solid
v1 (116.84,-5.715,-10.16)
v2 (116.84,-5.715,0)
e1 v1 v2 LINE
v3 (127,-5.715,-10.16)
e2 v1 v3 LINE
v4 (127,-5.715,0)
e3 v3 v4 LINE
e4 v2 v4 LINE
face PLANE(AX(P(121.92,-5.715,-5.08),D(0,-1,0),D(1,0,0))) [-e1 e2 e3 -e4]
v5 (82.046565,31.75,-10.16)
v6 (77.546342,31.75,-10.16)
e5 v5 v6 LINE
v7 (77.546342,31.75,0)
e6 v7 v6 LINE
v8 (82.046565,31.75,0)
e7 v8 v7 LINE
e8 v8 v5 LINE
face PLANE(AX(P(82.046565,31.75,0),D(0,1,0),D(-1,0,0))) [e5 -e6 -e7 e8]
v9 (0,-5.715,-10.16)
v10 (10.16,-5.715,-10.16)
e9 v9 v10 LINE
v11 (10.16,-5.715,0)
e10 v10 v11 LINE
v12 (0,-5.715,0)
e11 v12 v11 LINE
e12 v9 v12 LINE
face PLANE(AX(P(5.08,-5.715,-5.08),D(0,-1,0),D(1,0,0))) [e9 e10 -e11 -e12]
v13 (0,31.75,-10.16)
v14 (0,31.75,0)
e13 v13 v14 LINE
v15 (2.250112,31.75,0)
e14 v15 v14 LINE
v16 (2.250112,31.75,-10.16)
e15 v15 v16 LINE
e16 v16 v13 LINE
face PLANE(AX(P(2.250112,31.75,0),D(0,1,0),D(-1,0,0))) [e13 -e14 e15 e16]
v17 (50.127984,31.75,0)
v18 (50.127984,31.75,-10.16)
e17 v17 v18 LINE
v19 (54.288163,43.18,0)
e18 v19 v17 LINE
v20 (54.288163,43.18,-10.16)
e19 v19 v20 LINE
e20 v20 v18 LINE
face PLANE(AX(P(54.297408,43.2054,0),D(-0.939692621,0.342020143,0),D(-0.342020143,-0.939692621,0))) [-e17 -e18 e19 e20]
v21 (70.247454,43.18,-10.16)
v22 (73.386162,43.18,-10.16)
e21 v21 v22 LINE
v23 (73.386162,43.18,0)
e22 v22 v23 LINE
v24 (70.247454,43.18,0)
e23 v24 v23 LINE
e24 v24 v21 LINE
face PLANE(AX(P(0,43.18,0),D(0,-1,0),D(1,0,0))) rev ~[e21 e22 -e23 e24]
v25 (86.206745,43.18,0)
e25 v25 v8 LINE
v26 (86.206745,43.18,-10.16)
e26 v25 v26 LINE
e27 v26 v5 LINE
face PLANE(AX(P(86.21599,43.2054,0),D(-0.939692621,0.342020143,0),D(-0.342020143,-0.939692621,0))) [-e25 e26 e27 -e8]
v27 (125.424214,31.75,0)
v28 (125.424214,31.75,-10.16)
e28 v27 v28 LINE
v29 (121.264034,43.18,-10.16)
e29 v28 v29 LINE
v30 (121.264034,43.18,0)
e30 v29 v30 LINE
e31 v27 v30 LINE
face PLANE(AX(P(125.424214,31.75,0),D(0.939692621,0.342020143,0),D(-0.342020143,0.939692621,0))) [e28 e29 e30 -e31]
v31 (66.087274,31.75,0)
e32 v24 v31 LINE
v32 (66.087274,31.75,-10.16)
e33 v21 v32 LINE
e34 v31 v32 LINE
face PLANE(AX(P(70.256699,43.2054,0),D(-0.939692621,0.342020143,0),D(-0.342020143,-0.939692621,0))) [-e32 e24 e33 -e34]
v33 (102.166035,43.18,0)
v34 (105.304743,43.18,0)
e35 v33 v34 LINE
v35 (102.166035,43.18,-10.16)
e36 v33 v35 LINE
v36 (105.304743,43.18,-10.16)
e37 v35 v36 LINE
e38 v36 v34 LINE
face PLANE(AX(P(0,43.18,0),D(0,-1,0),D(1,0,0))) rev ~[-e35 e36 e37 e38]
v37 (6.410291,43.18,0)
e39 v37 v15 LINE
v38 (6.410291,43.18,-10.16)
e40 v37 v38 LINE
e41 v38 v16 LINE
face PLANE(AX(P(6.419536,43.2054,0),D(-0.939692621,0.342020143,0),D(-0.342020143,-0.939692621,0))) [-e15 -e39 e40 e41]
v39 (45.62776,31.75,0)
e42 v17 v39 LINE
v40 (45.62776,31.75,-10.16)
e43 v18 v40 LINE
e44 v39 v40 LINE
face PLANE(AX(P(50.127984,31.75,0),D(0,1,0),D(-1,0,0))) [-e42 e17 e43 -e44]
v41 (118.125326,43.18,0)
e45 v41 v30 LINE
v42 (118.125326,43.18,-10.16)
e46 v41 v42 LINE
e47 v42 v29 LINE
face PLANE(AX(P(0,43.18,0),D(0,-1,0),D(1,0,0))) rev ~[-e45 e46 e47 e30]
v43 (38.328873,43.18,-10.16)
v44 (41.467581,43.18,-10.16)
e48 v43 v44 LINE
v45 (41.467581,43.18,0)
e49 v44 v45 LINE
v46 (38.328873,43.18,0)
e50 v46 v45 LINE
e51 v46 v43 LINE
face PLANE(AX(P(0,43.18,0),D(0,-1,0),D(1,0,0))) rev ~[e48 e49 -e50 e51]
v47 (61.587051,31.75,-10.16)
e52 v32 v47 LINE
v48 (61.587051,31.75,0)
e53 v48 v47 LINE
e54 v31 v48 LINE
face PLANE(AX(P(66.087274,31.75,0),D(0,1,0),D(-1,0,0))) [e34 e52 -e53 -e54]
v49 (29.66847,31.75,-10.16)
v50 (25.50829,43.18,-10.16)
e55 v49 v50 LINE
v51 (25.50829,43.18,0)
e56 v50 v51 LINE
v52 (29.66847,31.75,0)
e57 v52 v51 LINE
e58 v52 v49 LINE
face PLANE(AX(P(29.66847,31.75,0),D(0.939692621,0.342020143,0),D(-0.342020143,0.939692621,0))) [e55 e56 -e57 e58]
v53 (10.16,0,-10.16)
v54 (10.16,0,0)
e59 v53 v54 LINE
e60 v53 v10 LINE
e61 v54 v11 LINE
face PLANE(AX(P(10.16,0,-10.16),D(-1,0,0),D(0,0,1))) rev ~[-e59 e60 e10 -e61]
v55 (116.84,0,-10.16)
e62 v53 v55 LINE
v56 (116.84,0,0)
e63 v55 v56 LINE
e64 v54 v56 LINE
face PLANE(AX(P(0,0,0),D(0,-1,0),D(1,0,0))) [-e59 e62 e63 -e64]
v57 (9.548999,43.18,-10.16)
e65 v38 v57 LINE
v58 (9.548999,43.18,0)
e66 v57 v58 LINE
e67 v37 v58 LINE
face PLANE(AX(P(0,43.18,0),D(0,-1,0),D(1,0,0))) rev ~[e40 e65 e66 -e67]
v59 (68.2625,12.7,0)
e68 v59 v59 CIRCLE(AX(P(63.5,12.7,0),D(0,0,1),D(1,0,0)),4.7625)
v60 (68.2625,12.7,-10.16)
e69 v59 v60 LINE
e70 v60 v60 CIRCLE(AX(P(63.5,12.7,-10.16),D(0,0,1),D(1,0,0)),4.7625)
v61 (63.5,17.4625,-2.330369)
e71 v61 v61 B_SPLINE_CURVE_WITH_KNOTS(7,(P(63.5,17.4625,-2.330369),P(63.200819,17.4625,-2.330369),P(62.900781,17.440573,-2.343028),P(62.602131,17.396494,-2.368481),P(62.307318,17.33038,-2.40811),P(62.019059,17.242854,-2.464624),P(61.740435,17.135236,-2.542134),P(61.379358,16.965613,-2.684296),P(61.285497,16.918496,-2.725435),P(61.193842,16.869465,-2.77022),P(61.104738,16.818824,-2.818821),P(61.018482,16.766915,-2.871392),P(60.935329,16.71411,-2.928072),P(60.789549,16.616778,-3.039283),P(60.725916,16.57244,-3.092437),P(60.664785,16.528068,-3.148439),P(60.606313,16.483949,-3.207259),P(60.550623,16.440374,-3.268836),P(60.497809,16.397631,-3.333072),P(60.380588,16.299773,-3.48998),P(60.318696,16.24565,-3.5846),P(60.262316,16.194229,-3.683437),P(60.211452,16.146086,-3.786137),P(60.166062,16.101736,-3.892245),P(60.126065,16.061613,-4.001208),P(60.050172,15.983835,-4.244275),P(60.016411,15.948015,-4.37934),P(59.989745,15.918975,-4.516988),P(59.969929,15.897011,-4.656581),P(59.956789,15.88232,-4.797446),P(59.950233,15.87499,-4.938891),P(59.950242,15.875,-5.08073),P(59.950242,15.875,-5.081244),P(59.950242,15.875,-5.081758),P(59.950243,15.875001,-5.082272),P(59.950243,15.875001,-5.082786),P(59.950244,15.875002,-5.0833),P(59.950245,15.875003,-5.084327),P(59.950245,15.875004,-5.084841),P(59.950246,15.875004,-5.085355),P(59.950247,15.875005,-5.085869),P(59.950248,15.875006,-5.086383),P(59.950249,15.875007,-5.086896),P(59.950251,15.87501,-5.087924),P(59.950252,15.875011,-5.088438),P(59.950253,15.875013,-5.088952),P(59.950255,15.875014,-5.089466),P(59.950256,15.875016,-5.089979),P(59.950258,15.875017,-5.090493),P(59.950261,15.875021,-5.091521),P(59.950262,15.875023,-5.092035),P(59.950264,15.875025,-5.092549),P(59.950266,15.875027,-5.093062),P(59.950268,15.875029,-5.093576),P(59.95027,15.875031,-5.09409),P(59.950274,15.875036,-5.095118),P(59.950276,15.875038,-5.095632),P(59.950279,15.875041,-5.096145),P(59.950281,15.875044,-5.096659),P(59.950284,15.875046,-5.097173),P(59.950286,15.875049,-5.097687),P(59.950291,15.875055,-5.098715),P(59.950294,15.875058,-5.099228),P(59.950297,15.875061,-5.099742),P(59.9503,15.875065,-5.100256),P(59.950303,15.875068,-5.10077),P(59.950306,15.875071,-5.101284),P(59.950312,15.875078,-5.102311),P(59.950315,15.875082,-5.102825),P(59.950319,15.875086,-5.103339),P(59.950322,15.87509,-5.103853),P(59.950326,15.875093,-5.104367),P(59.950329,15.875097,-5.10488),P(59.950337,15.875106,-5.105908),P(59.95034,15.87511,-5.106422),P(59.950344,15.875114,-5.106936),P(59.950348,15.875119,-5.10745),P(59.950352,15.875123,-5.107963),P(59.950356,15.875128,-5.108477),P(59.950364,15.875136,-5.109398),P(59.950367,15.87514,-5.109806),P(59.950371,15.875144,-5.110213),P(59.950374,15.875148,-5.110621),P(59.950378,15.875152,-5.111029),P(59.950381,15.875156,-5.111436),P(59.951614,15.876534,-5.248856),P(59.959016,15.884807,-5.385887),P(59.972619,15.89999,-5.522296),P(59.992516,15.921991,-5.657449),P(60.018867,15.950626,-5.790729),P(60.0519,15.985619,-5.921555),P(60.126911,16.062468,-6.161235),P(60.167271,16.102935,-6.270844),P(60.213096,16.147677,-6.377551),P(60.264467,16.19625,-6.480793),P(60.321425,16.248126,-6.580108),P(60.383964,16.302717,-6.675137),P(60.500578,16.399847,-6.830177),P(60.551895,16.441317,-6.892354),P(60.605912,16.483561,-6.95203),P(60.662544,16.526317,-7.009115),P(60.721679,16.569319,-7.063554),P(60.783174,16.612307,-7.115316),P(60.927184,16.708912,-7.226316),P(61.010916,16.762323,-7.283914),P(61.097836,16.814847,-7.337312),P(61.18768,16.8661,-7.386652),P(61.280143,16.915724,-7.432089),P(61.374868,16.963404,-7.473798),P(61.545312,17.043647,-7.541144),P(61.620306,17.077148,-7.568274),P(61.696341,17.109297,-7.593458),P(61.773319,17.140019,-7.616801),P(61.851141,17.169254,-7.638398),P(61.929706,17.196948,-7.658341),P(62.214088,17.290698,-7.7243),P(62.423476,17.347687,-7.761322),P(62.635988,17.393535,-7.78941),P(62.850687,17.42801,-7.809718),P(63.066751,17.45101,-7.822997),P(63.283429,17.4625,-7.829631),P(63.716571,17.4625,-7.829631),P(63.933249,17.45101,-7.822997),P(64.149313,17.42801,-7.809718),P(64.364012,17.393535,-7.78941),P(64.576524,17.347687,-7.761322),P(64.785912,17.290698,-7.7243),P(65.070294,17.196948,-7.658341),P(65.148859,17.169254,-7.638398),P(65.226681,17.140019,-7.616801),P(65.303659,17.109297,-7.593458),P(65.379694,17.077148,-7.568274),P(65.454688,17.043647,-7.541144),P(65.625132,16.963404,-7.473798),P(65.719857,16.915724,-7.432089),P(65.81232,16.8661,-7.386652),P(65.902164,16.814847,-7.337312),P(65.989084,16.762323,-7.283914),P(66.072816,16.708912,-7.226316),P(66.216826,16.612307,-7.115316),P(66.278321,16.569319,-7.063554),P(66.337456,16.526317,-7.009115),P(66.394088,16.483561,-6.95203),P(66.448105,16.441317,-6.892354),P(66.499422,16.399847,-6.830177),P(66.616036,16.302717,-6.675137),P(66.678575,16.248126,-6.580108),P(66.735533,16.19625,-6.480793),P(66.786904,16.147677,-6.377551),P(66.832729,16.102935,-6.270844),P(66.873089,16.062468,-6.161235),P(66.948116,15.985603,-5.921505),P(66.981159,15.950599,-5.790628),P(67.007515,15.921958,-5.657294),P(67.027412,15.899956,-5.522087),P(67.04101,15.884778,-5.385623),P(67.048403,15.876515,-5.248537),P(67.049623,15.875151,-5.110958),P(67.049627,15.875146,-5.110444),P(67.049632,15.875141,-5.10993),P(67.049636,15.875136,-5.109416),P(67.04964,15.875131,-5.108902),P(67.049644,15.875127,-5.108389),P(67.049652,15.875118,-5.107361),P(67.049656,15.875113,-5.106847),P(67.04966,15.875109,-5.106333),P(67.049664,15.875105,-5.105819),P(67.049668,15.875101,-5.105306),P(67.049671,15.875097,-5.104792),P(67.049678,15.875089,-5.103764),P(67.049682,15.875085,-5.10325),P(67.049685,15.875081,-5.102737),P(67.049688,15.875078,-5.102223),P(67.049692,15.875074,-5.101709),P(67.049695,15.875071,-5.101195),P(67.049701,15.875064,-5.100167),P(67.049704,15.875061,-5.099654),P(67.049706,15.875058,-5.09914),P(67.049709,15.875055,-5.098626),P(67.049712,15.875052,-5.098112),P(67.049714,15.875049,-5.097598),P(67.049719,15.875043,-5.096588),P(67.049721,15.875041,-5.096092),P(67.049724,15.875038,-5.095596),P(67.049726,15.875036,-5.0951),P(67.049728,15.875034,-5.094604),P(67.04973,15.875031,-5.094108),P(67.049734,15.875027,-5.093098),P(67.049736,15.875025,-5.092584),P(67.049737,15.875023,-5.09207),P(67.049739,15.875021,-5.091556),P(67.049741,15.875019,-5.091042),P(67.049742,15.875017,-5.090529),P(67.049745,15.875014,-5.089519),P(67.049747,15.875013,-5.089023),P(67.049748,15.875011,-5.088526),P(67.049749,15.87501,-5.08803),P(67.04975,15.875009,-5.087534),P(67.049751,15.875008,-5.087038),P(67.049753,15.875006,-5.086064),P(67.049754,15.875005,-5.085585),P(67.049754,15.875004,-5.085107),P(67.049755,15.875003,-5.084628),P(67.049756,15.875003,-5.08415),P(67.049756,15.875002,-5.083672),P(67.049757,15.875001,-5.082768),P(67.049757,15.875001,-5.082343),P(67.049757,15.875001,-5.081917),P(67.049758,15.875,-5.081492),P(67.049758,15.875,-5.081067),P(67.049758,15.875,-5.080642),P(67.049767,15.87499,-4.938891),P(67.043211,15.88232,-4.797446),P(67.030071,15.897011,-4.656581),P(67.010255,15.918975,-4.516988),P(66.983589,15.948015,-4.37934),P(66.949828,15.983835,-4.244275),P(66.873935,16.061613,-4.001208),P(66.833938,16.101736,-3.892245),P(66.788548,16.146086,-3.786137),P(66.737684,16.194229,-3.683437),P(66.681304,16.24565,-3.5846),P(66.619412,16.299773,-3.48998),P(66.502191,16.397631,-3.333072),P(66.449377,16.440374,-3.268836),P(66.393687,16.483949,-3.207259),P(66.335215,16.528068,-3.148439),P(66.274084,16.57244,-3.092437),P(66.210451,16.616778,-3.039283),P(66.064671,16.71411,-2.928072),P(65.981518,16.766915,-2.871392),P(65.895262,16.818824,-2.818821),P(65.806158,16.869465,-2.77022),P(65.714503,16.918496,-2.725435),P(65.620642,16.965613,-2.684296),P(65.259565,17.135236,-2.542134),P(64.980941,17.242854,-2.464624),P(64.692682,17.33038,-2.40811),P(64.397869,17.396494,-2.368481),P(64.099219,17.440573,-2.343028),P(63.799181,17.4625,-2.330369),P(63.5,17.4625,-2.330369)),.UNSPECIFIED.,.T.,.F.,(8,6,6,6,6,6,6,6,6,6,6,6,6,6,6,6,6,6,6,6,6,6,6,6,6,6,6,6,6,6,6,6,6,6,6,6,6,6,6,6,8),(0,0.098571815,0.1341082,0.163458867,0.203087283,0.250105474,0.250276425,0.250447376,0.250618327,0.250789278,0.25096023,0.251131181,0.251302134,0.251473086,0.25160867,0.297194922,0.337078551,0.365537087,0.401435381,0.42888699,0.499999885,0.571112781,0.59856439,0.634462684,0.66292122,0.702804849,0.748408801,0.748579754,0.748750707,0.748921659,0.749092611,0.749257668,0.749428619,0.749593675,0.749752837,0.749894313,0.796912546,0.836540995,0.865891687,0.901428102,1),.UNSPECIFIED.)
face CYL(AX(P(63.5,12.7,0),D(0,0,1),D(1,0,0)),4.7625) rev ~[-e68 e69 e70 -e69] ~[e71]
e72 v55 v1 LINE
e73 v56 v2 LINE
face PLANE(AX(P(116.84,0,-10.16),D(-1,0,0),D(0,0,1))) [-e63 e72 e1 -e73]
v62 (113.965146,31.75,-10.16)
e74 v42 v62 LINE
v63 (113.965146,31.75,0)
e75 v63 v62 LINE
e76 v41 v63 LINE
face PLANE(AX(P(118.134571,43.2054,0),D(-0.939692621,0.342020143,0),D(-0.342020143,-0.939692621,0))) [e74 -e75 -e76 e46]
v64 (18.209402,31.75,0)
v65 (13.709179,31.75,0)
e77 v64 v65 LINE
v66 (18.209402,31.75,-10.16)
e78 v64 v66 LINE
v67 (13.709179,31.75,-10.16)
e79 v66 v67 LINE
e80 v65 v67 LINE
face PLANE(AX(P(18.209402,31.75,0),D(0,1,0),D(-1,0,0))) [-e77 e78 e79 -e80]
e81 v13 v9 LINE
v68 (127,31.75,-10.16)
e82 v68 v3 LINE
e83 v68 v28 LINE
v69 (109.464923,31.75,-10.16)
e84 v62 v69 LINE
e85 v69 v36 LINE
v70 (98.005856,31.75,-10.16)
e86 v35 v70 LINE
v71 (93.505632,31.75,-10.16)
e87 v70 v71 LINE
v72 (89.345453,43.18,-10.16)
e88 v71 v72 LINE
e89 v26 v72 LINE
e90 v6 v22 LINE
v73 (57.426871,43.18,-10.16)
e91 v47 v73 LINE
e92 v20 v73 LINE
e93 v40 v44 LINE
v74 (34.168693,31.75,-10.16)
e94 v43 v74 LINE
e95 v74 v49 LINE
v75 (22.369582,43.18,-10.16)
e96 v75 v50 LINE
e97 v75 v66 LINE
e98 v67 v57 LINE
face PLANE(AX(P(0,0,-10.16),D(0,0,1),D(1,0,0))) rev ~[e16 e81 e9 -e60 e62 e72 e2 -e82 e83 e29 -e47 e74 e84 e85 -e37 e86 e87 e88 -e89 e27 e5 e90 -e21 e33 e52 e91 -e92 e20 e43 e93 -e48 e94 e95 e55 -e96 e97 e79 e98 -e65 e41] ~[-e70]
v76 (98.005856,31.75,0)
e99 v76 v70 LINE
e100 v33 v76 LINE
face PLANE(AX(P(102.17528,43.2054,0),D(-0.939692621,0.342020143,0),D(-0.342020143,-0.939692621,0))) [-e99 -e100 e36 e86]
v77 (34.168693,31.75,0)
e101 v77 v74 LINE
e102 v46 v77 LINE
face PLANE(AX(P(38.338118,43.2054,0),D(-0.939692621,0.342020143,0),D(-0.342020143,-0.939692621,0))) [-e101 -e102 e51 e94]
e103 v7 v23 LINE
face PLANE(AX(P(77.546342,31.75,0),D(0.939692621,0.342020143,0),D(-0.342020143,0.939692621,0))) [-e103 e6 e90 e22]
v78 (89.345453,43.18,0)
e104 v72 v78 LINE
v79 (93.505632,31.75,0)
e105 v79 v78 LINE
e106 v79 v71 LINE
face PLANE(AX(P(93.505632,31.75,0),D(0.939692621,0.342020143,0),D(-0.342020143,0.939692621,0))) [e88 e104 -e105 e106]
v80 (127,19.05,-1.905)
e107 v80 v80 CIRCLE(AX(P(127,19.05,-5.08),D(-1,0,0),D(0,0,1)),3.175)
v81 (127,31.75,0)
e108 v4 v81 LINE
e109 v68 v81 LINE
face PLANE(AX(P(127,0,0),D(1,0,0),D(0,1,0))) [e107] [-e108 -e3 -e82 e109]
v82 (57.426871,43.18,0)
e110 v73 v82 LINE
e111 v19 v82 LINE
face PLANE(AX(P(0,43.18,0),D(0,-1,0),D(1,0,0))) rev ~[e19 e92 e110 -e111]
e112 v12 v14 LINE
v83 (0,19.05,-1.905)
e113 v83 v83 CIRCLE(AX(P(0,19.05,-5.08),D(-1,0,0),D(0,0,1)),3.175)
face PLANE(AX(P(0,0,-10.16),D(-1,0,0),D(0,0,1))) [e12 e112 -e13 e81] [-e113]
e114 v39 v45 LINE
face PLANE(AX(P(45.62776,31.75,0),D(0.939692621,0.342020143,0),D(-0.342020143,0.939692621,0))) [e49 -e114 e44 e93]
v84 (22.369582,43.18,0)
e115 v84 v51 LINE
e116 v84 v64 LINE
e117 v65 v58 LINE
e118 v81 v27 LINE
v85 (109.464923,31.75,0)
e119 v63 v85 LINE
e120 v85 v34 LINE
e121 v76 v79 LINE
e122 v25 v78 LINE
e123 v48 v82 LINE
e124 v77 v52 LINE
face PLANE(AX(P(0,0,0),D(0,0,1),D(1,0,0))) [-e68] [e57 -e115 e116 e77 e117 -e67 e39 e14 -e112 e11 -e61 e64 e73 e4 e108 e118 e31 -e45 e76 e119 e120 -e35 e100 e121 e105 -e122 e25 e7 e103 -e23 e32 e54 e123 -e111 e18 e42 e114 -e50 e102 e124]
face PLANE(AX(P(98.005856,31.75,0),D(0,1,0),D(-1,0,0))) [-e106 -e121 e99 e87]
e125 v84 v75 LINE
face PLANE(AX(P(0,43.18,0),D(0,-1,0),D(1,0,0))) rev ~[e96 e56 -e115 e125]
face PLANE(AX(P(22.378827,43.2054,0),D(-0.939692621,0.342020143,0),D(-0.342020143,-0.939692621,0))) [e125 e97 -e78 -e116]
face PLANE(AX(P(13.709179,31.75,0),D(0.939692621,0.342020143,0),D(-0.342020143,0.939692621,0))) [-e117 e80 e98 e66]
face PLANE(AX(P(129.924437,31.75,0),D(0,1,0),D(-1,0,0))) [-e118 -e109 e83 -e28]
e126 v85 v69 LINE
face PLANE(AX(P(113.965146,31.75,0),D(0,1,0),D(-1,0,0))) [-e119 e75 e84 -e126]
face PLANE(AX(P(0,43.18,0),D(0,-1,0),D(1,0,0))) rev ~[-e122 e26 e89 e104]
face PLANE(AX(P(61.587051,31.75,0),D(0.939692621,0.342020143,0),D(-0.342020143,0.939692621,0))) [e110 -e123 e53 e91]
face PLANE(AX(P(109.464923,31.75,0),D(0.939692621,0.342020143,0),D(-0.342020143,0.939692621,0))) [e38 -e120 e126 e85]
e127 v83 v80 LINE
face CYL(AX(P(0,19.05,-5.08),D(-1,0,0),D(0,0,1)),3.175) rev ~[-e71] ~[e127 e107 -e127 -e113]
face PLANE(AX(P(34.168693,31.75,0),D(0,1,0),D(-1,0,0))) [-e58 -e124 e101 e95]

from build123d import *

# Parameters (mm, degrees)
BLANKSKE_W          = 127
BLANKSKE_H          = 43.18
BLANK_DEPTH         = 10.16
TOOTHCUTSIM_DEPTH   = 135.524116797
TEETHCUTS_COUNT     = 9
TEETHCUTS_PITCH     = 15.959290662
SKETCH4_R           = 3.175
CUT_EXTRUDE2_DEPTH  = 135.524116797
SKETCH1_W           = 10.16
SKETCH1_H           = 10.16
BOSS_EXTRUDE1_DEPTH = 5.715
SKETCH5_R           = 4.7625
CUT_EXTRUDE3_DEPTH  = 135.524116797


with BuildPart() as part:
    # BlankSke → Blank (new body)
    with BuildSketch(Plane.XY):
        with Locations((63.5, 21.59)):
            Rectangle(BLANKSKE_W, BLANKSKE_H)
    extrude(amount=-BLANK_DEPTH)

    # TooCutSkeSim → ToothCutSim (cut, through all)
    with BuildSketch(Plane.XY):
        Polygon((2.250111678, 31.75), (-2.250111678, 31.75), (-6.4195363, 43.2054), (6.4195363, 43.2054), align=None)
    toothcutsim = extrude(amount=-TOOTHCUTSIM_DEPTH, mode=Mode.SUBTRACT)

    # TeethCuts: ToothCutSim ×9
    with Locations(*[(i * TEETHCUTS_PITCH, 0, 0) for i in range(1, TEETHCUTS_COUNT)]):
        add(toothcutsim, mode=Mode.SUBTRACT)

    # Sketch4 → Cut-Extrude2 (cut, through all)
    with BuildSketch(Plane.ZY):
        with Locations((-5.08, 19.05)):
            Circle(SKETCH4_R)
    extrude(amount=-CUT_EXTRUDE2_DEPTH, mode=Mode.SUBTRACT)

    # Sketch1 → Boss-Extrude1 (add)
    with BuildSketch(Plane.XZ):
        with Locations((5.08, -5.08)):
            Rectangle(SKETCH1_W, SKETCH1_H)
        with Locations((121.92, -5.08)):
            Rectangle(SKETCH1_W, SKETCH1_H)
    extrude(amount=BOSS_EXTRUDE1_DEPTH)

    # Sketch5 → Cut-Extrude3 (cut, through all)
    with BuildSketch(Plane.XY):
        with Locations((63.5, 12.7)):
            Circle(SKETCH5_R)
    extrude(amount=-CUT_EXTRUDE3_DEPTH, mode=Mode.SUBTRACT)


solid = part.part
